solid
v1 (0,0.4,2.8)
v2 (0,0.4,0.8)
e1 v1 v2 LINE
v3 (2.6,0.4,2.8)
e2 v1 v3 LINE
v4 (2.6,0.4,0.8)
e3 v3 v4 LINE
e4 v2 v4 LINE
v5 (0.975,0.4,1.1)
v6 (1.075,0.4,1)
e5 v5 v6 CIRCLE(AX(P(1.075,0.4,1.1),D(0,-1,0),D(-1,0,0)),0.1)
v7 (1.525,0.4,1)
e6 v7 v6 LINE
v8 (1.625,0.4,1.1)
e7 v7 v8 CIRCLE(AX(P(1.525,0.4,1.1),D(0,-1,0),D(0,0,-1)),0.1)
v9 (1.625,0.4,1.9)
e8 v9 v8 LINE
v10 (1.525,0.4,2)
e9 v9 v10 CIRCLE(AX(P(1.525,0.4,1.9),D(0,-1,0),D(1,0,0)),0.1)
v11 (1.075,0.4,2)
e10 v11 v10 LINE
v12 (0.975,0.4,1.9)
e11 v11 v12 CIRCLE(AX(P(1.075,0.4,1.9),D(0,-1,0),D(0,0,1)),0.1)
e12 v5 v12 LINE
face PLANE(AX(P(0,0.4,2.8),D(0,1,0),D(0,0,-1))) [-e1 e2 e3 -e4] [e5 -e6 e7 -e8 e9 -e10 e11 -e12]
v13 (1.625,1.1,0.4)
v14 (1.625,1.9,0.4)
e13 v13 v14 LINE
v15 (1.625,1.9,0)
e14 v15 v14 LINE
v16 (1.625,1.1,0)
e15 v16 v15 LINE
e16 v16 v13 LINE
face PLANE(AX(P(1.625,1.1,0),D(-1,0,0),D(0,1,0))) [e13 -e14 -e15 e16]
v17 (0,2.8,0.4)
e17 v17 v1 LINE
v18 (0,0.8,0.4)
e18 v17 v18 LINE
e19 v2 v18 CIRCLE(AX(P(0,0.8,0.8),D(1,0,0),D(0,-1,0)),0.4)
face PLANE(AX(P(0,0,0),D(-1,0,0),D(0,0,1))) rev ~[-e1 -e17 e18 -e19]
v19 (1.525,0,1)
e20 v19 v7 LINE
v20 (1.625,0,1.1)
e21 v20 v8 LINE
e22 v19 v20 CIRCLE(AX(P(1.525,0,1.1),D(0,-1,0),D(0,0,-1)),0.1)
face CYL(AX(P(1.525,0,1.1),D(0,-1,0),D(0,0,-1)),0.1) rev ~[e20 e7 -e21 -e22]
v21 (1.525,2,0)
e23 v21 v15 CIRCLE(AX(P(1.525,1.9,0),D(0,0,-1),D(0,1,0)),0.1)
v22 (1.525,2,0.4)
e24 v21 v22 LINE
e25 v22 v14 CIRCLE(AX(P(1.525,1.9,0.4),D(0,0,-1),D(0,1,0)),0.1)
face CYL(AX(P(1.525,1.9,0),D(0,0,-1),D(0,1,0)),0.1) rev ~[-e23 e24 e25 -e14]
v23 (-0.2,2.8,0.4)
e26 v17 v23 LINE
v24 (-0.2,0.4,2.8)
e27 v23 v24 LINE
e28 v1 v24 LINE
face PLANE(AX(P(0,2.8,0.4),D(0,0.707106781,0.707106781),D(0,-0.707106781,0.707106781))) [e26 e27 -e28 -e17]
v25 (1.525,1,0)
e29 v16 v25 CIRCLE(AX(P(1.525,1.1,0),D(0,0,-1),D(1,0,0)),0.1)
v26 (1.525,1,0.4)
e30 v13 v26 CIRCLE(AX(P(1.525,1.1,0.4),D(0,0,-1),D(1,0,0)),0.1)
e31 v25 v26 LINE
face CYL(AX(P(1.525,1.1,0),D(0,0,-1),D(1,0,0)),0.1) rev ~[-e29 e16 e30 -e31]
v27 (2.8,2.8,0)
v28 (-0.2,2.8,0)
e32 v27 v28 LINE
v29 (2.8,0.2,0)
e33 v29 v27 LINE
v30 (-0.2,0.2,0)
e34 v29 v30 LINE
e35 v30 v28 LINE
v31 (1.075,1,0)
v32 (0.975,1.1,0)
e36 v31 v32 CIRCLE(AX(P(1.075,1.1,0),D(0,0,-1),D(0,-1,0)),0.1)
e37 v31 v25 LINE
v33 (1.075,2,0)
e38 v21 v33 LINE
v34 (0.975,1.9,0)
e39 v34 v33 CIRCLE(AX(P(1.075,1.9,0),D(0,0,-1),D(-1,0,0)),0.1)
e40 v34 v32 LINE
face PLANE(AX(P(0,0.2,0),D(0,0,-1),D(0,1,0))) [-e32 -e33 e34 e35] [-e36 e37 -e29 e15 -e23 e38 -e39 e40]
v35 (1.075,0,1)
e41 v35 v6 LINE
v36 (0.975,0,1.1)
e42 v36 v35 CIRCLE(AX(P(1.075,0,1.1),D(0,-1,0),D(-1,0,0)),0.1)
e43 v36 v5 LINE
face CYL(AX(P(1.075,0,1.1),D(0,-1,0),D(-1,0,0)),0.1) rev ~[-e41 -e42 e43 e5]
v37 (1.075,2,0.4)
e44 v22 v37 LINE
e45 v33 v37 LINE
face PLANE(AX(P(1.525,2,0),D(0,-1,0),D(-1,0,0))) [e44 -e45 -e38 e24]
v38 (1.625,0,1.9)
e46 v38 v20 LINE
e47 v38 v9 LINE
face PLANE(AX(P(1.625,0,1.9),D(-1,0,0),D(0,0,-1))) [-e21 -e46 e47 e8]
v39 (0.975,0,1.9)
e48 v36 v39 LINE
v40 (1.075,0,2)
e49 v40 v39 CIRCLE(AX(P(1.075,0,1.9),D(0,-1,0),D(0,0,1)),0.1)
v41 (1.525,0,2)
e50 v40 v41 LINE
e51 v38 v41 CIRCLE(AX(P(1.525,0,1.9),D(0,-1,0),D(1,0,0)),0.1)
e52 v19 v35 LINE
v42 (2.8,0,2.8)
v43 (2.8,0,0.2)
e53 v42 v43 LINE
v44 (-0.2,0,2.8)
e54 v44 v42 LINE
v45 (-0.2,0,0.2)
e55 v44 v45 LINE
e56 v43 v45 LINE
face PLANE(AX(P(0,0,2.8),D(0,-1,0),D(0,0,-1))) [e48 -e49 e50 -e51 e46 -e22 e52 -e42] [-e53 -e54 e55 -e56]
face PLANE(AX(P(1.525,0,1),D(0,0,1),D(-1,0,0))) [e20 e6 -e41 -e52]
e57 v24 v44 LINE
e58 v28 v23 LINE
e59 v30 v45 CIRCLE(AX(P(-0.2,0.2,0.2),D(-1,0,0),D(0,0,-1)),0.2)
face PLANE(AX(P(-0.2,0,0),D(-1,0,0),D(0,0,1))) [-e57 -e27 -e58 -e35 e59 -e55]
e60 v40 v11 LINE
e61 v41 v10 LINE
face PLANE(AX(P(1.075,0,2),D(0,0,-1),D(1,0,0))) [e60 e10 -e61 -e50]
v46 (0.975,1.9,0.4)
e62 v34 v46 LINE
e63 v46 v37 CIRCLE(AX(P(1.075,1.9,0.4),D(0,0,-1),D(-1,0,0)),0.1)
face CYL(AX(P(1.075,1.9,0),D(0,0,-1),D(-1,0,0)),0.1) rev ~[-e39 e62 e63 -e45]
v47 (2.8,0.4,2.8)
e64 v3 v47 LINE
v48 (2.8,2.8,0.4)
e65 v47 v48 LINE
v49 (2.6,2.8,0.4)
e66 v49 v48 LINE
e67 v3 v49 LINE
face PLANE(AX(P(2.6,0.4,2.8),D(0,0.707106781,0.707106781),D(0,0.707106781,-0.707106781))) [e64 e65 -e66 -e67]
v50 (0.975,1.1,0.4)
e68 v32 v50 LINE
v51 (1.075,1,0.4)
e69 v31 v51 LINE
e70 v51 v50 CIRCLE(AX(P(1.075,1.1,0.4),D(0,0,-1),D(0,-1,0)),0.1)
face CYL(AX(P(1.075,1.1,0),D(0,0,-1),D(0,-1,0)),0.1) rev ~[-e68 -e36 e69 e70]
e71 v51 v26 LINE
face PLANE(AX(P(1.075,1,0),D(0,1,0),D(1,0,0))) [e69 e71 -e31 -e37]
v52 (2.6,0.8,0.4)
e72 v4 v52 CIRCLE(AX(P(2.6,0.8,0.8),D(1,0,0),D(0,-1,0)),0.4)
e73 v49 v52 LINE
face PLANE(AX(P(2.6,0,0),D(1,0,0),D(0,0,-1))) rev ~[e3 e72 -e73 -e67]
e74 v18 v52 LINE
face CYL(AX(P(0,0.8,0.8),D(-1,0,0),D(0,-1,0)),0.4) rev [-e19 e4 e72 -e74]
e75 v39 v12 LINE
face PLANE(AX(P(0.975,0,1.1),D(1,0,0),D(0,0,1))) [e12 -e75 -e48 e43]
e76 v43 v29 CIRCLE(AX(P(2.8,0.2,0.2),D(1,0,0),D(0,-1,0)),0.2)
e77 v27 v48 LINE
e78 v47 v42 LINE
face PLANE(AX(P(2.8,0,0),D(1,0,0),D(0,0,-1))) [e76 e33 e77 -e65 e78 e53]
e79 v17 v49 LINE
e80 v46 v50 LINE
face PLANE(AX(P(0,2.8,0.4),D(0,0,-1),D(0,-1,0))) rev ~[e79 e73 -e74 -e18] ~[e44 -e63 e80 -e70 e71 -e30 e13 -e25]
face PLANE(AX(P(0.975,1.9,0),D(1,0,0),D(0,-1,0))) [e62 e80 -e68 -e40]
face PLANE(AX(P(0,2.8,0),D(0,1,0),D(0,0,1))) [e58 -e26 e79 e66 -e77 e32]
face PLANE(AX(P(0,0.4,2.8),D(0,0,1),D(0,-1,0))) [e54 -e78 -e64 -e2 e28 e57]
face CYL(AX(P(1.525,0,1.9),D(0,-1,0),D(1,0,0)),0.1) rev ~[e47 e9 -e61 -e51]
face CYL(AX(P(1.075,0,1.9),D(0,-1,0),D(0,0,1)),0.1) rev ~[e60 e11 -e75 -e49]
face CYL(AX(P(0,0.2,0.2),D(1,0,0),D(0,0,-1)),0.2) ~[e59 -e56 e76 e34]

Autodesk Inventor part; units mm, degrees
ref_plane "YZ Plane" through (0, 0, 0) normal (1, 0, 0) x (0, 1, 0)
ref_plane "XZ Plane" through (0, 0, 0) normal (0, 1, 0) x (-1, 0, 0)
ref_plane "XY Plane" through (0, 0, 0) normal (0, 0, 1) x (1, 0, 0)
sketch "Skizze2" plane through (0, 0, 0) normal (1, 0, 0) x (0, 1, 0)
  line L0 (0, 0) -> (2.8, 0) construction
  line L1 (2.8, 0) -> (2.8, 2.8) construction
  line L2 (2.8, 2.8) -> (0, 2.8) construction
  line L3 (0, 2.8) -> (0, 0) construction
  line L4 (0.4, 2.8) -> (0.4, 0) construction
  line L5 (0, 0.4) -> (2.8, 0.4) construction
  line L6 (0, 0.2) -> (0, 2.8)
  line L7 (0.4, 2.8) -> (0.4, 0.8)
  line L8 (2.8, 0.4) -> (0.8, 0.4)
  line L9 (0, 2.8) -> (0.4, 2.8)
  line L10 (2.8, 0) -> (2.8, 0.4)
  line L11 (2.8, 0) -> (0.2, 0)
  arc A0 (0, 0.2) -> (0.2, 0) centre (0.2, 0.2) ccw
  arc A1 (0.4, 0.8) -> (0.8, 0.4) centre (0.8, 0.8) ccw
  point P0 (0.4, 0.4)
  dimension "d0" = 2.8
  dimension "d1" = 2.8
  dimension "d2" = 0.4
  dimension "d3" = 0.4
  dimension "d4" = 0.2
  dimension "d5" = 0.4
extrude "Extrusion1" add sketch "Skizze2" along normal blind 2.6
sketch "Skizze3" plane through (2.6, 0, 0) normal (1, 0, 0) x (0, 0, -1)
  line L0 (0, 2.8) -> (-0.4, 2.8) projected
  line L1 (-0.4, 2.8) -> (-0.4, 0.8) construction
  arc A0 (-0.8, 0.4) -> (-0.4, 0.8) centre (-0.8, 0.8) ccw construction
  line L2 (-0.8, 0.4) -> (-2.8, 0.4) construction
  line L3 (-2.8, 0.4) -> (-2.8, 0) projected
  line L4 (-2.8, 0) -> (-0.2, 0) projected
  arc A1 (-0.2, 0) -> (0, 0.2) centre (-0.2, 0.2) ccw projected
  line L5 (0, 0.2) -> (0, 2.8) projected
  line L6 (-2.8, 0.4) -> (-2.8, 0) projected
  line L7 (-2.8, 0.4) -> (-0.4, 2.8)
  point P0 (0, 0)
extrude "Extrusion2" add sketch "Skizze3" along normal blind 0.2
sketch "Skizze4" plane through (0, 0, 0) normal (-1, 0, 0) x (0, 0, 1)
  line L0 (0, 2.8) -> (0.4, 2.8) projected
  line L1 (0, 0.2) -> (0, 2.8) projected
  arc A0 (0, 0.2) -> (0.2, 0) centre (0.2, 0.2) ccw projected
  line L2 (2.8, 0) -> (0.2, 0) projected
  line L3 (2.8, 0.4) -> (2.8, 0) projected
  line L4 (0.8, 0.4) -> (2.8, 0.4) construction
  arc A1 (0.4, 0.8) -> (0.8, 0.4) centre (0.8, 0.8) ccw construction
  line L5 (0.4, 2.8) -> (0.4, 0.8) construction
  line L6 (0, 2.8) -> (0.4, 2.8) projected
  line L7 (2.8, 0.4) -> (2.8, 0) projected
  line L8 (0.4, 2.8) -> (2.8, 0.4)
  point P0 (0, 0)
extrude "Extrusion3" add sketch "Skizze4" along normal blind 0.2
sketch "Skizze5" plane through (2.8, 0, 0.2) normal (0, -1, 0) x (1, 0, 0)
  line L0 (-3, 0) -> (0, 0) construction
  line L1 (0, 2.6) -> (0, 0) construction
  line L2 (-3, 2.6) -> (0, 2.6) construction
  line L3 (-3, 0) -> (-3, 2.6) construction
  line L4 (-1.5, 2.6) -> (-1.5, 0) construction
  line L5 (-3, 0) -> (0, 0) projected
  line L6 (-3, 0) -> (-3, 2.6) construction
  line L7 (-3, 1.3) -> (0, 1.3) construction
  line L8 (-1.725, 1.8) -> (-1.275, 1.8)
  line L9 (-1.175, 1.7) -> (-1.175, 0.9)
  line L10 (-1.275, 0.8) -> (-1.725, 0.8)
  line L11 (-1.825, 0.9) -> (-1.825, 1.7)
  arc A0 (-1.725, 1.8) -> (-1.825, 1.7) centre (-1.725, 1.7) ccw
  arc A1 (-1.275, 0.8) -> (-1.175, 0.9) centre (-1.275, 0.9) ccw
  arc A2 (-1.825, 0.9) -> (-1.725, 0.8) centre (-1.725, 0.9) ccw
  arc A3 (-1.175, 1.7) -> (-1.275, 1.8) centre (-1.275, 1.7) ccw
  point P0 (-2.8, -0.2)
  point P1 (-1.825, 1.8)
  point P2 (-1.175, 1.8)
  point P3 (-1.825, 0.8)
  point P4 (-1.825, 1.3)
  point P5 (-1.5, 1.8)
  dimension "d12" = 0.65
  dimension "d13" = 1
  dimension "d14" = 0.1
extrude "Extrusion4" cut sketch "Skizze5" against normal blind 0.4
sketch "Skizze6" plane through (2.8, 0.2, 0) normal (0, 0, -1) x (-1, 0, 0)
  line L0 (0, 2.6) -> (3, 2.6) construction
  line L1 (0, 0) -> (0, 2.6) construction
  line L2 (3, 0) -> (0, 0) construction
  line L3 (3, 2.6) -> (3, 0) construction
  line L4 (3, 0) -> (0, 0) construction
  line L5 (1.5, 0) -> (1.5, 2.6) construction
  line L6 (2.8, 2.6) -> (0.2, 2.6) construction
  line L7 (3, 1.3) -> (0, 1.3) construction
  line L8 (1.725, 0.8) -> (1.275, 0.8)
  line L9 (1.175, 0.9) -> (1.175, 1.7)
  line L10 (1.275, 1.8) -> (1.725, 1.8)
  line L11 (1.825, 1.7) -> (1.825, 0.9)
  arc A0 (1.175, 0.9) -> (1.275, 0.8) centre (1.275, 0.9) ccw
  arc A1 (1.275, 1.8) -> (1.175, 1.7) centre (1.275, 1.7) ccw
  arc A2 (1.825, 1.7) -> (1.725, 1.8) centre (1.725, 1.7) ccw
  arc A3 (1.725, 0.8) -> (1.825, 0.9) centre (1.725, 0.9) ccw
  point P0 (2.8, -0.2)
  point P1 (1.825, 0.8)
  point P2 (1.175, 0.8)
  point P3 (1.825, 1.8)
  point P4 (1.5, 0.8)
  point P5 (1.175, 1.3)
  dimension "d17" = 1
  dimension "d18" = 0.65
  dimension "d19" = 0.1
extrude "Extrusion5" cut sketch "Skizze6" against normal blind 0.4
properties part number "item_winkel"
